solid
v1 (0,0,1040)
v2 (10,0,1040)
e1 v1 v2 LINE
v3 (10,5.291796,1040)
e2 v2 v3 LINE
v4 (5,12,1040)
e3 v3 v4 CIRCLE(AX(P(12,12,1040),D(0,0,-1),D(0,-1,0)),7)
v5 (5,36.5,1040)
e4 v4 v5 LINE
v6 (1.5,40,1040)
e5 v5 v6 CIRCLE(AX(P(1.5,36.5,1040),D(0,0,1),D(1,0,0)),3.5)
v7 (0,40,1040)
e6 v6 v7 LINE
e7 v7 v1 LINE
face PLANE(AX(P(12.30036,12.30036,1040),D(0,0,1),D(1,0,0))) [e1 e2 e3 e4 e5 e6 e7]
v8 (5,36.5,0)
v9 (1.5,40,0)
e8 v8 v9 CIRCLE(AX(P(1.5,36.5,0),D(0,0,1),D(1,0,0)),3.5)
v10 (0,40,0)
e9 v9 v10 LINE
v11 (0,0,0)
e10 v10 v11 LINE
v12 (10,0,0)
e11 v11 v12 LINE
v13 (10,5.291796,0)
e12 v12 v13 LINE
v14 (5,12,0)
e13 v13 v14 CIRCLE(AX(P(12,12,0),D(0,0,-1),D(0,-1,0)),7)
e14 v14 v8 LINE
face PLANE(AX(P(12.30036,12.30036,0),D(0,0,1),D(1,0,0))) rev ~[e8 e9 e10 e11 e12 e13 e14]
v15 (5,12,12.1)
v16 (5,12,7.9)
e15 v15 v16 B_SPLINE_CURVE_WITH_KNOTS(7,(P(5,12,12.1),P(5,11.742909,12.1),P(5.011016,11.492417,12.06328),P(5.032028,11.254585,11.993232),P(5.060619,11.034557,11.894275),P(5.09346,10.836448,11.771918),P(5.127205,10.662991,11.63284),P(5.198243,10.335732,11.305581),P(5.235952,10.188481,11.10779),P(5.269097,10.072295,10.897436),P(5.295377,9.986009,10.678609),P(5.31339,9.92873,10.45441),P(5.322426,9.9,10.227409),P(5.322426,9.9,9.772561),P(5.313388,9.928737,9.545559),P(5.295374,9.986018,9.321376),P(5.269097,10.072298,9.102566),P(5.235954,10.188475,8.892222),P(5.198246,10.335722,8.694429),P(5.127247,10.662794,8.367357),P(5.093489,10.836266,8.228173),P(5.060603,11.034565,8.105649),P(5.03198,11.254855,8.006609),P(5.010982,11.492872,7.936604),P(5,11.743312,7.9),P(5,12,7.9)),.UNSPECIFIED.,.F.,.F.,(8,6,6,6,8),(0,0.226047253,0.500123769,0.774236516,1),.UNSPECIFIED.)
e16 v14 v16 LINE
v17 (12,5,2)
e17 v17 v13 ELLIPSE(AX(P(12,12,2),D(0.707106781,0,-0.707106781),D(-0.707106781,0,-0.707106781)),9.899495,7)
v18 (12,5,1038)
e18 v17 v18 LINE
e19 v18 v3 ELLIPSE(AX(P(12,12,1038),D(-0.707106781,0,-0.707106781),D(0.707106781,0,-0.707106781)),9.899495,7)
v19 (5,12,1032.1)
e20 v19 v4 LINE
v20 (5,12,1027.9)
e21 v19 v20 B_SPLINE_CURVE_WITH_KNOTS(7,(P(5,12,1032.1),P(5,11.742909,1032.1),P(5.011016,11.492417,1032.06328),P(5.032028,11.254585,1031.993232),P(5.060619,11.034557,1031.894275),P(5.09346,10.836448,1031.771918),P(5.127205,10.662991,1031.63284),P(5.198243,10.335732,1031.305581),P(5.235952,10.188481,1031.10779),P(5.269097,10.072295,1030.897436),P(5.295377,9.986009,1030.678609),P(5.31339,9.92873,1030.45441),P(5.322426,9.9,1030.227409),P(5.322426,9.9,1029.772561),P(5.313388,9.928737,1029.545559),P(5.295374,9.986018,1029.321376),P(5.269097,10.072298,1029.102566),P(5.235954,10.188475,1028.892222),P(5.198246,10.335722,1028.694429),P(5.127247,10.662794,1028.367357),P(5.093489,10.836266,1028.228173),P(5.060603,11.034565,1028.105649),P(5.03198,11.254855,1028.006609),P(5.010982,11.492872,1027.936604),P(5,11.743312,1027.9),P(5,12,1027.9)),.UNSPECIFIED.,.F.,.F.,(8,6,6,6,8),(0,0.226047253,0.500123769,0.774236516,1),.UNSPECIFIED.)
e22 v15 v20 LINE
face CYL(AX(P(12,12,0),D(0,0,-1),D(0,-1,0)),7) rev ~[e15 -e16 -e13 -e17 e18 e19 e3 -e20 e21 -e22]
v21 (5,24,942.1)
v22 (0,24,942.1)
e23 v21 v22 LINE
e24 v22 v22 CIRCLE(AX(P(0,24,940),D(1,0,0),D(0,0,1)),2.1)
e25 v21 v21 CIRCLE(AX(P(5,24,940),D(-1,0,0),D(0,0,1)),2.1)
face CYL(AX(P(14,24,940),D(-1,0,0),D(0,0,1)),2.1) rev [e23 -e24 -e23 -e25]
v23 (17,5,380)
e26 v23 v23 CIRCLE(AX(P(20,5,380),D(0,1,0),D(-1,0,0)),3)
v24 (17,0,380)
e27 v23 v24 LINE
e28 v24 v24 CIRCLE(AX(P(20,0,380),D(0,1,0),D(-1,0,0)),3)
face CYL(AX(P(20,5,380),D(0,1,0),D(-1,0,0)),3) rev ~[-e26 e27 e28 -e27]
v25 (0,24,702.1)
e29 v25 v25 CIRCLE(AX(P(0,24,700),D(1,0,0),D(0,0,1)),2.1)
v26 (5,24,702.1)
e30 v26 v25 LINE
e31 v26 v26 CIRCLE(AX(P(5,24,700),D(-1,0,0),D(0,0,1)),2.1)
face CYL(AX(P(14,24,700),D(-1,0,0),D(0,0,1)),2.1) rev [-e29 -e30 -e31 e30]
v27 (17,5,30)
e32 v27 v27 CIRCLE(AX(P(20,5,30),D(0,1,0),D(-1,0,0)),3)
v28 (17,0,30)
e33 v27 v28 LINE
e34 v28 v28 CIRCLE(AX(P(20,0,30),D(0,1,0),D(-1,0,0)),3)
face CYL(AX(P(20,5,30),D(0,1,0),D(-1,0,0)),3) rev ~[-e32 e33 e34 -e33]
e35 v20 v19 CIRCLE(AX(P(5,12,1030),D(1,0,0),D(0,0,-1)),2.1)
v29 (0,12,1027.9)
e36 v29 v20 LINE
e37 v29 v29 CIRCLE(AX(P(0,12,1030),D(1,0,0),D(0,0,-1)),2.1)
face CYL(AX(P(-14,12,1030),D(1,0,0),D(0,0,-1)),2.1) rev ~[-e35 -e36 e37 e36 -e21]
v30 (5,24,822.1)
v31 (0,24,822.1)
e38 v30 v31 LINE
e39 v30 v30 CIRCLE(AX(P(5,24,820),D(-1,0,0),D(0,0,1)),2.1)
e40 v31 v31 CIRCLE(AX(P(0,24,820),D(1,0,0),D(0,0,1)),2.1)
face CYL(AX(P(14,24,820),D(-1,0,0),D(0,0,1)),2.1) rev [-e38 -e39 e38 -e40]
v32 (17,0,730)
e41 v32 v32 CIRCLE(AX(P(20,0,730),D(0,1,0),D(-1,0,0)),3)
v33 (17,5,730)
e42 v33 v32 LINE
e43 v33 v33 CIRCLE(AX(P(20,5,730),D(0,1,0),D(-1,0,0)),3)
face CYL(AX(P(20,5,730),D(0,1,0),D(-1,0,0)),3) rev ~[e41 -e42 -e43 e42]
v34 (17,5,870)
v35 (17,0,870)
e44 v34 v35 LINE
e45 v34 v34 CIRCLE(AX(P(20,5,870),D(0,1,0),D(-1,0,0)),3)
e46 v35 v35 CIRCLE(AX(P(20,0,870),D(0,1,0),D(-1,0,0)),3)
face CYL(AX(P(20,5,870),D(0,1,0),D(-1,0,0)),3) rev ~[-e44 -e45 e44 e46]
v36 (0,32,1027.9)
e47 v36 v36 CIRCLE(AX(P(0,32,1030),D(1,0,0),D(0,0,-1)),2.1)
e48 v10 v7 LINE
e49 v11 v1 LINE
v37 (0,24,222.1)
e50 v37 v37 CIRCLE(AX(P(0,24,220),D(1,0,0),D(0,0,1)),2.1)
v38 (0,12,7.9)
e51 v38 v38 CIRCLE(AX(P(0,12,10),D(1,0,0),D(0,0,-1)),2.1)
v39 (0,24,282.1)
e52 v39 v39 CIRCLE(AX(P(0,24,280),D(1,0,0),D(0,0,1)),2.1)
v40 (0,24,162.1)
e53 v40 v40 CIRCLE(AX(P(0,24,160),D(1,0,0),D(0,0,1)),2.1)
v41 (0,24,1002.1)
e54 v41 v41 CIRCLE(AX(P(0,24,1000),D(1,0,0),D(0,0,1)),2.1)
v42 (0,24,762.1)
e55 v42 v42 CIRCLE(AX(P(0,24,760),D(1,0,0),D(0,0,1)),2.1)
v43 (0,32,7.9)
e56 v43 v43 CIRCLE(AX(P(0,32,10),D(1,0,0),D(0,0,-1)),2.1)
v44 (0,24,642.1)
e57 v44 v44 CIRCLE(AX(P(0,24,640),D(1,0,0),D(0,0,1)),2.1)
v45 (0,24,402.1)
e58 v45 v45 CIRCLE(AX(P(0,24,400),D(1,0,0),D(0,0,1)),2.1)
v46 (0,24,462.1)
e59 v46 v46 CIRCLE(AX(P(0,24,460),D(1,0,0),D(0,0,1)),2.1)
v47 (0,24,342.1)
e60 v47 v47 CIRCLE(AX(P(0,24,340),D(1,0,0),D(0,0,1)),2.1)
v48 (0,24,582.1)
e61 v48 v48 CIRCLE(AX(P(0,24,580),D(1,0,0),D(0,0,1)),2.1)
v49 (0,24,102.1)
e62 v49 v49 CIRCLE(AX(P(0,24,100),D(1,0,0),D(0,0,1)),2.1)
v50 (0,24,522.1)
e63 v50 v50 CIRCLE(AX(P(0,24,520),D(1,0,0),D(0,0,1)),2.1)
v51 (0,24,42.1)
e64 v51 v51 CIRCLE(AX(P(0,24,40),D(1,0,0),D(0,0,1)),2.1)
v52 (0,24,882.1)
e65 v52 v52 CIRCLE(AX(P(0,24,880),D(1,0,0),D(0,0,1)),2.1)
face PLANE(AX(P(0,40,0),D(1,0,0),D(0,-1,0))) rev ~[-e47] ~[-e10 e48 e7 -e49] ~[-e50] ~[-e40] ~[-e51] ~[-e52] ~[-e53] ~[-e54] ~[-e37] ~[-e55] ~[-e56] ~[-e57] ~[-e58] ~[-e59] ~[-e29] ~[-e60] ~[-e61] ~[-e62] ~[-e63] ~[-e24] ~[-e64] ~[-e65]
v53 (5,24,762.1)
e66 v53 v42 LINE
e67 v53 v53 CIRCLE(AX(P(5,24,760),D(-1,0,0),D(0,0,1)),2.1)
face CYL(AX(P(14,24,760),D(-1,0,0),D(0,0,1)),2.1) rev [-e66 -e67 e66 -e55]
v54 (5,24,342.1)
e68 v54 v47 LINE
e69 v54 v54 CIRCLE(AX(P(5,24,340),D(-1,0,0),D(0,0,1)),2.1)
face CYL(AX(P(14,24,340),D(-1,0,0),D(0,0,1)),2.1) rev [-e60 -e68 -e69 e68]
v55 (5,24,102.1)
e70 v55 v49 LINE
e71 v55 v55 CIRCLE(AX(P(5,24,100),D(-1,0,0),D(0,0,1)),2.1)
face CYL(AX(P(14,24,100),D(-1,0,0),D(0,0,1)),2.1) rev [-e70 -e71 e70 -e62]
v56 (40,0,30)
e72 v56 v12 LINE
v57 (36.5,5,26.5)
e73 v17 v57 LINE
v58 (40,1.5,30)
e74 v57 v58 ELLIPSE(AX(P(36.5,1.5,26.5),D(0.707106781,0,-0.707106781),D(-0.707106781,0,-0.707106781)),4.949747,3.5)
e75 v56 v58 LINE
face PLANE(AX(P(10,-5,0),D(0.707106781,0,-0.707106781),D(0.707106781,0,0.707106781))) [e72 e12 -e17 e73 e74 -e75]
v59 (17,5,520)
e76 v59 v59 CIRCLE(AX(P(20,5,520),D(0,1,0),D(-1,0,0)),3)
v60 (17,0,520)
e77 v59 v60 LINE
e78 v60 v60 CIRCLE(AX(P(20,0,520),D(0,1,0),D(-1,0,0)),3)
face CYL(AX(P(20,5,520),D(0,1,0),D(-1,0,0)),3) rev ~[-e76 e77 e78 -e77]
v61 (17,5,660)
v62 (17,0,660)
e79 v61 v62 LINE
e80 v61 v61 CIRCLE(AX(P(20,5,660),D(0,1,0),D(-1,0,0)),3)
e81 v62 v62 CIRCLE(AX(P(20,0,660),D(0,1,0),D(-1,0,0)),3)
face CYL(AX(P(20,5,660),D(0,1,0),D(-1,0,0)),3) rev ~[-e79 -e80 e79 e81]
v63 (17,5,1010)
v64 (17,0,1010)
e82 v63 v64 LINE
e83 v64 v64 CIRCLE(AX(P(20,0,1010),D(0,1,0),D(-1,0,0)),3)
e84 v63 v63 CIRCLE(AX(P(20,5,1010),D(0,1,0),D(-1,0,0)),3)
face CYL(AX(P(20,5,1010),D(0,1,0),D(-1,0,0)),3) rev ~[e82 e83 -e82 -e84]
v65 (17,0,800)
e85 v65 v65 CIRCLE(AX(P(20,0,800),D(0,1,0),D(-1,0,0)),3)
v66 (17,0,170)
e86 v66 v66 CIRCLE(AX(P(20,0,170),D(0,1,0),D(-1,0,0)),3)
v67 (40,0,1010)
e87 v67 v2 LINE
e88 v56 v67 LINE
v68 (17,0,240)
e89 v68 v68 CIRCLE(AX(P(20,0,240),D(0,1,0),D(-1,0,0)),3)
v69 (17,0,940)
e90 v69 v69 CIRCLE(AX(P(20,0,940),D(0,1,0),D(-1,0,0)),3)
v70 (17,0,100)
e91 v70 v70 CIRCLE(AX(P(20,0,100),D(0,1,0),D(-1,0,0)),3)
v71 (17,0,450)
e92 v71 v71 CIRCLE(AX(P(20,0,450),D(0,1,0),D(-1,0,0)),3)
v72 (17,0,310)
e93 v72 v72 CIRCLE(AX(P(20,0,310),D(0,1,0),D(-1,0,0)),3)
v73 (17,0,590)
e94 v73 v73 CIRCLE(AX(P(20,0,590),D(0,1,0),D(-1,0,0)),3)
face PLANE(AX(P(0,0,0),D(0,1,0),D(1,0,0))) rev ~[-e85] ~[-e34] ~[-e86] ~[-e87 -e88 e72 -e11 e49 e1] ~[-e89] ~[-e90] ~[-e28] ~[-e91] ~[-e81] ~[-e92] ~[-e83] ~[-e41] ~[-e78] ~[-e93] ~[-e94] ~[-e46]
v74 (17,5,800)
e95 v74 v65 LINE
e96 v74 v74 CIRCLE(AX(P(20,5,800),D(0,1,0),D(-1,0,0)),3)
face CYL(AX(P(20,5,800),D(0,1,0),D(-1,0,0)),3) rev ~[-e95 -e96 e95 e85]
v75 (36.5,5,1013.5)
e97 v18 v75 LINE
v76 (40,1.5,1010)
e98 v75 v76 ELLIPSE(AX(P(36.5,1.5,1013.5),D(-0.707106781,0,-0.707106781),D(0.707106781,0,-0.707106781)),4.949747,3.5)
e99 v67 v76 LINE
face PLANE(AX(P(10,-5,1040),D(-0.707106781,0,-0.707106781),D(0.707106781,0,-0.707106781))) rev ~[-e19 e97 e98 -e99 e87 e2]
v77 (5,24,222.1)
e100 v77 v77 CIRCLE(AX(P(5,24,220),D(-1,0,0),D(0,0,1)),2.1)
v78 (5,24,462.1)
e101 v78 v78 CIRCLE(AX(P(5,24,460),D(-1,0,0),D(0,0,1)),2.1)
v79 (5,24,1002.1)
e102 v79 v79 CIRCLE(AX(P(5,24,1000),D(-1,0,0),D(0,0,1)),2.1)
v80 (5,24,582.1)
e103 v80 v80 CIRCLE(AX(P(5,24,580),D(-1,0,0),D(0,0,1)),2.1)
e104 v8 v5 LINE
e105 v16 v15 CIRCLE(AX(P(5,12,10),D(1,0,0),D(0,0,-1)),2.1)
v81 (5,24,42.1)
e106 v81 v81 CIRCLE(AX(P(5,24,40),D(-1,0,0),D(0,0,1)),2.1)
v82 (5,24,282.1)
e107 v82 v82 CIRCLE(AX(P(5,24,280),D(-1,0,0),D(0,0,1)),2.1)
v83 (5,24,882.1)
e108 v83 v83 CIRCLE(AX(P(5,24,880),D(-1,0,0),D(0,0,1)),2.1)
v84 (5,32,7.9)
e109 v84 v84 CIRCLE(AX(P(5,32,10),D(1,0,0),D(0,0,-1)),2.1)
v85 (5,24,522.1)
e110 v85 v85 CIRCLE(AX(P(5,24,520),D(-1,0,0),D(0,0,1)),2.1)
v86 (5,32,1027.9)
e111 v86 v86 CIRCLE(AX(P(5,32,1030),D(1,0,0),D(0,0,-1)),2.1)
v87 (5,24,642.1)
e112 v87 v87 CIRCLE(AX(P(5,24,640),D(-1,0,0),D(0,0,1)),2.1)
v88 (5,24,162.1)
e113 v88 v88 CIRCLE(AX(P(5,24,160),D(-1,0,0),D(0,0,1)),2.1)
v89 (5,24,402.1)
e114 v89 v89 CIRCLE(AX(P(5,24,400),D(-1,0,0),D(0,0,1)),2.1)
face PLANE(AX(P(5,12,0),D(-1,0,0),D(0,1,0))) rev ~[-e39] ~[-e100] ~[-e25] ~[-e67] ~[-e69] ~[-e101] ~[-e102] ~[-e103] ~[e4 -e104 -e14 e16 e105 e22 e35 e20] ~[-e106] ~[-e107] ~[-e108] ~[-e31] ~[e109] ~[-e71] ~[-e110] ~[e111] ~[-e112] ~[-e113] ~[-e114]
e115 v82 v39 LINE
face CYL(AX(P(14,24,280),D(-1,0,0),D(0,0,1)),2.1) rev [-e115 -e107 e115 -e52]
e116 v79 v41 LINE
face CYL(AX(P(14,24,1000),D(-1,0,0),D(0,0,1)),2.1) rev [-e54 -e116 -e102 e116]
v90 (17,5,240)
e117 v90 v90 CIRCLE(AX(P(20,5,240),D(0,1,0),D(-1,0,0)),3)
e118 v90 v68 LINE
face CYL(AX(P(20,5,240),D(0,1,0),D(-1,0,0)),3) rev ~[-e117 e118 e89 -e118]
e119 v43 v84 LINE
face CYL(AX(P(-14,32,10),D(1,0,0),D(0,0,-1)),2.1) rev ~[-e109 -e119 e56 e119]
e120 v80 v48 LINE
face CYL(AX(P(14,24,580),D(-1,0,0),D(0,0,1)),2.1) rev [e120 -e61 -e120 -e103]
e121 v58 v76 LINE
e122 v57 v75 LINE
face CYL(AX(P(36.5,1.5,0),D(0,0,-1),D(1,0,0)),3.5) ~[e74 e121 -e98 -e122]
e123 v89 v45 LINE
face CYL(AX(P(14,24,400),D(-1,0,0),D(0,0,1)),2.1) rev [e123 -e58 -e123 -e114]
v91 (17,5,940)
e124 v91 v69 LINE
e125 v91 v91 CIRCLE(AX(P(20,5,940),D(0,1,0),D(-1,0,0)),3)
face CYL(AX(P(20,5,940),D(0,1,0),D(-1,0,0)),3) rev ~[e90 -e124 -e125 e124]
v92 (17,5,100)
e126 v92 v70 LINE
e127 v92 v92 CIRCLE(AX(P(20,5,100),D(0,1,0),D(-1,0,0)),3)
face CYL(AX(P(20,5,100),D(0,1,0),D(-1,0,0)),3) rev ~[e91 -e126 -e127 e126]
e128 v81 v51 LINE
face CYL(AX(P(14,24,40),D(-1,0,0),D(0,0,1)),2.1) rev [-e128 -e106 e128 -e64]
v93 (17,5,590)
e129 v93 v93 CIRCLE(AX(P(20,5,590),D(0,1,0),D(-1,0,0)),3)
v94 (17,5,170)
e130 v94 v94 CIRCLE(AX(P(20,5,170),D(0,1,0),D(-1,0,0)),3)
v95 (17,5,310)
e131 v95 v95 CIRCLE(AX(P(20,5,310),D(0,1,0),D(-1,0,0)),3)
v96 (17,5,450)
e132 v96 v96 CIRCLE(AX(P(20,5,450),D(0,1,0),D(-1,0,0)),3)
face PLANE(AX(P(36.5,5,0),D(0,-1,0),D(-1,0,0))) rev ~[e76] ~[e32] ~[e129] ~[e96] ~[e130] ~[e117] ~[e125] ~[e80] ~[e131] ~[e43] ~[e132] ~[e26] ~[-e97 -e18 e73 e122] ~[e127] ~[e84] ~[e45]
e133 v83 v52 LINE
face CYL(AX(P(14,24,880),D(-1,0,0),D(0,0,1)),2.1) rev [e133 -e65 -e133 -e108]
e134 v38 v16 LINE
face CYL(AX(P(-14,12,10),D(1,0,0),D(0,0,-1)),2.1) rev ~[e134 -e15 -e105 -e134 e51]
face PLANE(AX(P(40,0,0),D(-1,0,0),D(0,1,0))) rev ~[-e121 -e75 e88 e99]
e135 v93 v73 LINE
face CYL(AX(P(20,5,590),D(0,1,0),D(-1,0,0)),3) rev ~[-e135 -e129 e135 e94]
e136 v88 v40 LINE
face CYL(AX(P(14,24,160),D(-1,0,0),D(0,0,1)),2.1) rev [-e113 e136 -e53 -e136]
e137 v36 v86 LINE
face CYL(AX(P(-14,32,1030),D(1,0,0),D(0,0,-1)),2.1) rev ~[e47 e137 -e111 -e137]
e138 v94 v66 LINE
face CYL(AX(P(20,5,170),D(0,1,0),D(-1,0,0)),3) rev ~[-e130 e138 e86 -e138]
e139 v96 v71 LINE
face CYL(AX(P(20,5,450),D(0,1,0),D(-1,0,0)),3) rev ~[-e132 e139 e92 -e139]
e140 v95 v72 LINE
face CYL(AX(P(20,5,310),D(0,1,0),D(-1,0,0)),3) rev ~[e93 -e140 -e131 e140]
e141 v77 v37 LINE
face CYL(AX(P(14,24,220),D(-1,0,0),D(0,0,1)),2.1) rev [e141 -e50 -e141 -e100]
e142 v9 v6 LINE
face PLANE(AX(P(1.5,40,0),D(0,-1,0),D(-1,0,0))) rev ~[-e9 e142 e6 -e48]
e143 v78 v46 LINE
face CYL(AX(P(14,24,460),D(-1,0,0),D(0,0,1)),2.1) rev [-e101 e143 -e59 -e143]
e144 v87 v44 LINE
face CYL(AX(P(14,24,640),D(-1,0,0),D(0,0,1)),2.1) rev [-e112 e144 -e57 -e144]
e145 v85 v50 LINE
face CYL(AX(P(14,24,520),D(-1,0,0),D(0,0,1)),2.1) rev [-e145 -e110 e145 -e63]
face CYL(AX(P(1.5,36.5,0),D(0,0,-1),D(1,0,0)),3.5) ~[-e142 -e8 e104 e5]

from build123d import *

# Parameters (mm, degrees)
AUFSATZ_LINEAR_AUSTRAGEN1_DEPTH      = 1040
SCHNITT_LINEAR_AUSTRAGEN1_DEPTH      = 10
SCHNITT_LINEAR_AUSTRAGEN1_DEPTH_BACK = 10
SKIZZE3_R                            = 3
SCHNITT_LINEAR_AUSTRAGEN2_DEPTH      = 10
LINEARES_MUSTER1_COUNT               = 15
LINEARES_MUSTER1_PITCH               = 70
LINEARES_MUSTER2_COUNT               = 17
LINEARES_MUSTER2_PITCH               = 60
M5_GEWINDEBOHRUNG2_D                 = 4.2
M5_GEWINDEBOHRUNG2_DEPTH             = 14
M5_GEWINDEBOHRUNG2_TIP               = 1.2618073


with BuildPart() as part:
    # Skizze1 → Aufsatz-Linear austragen1 (new body)
    with BuildSketch(Plane.XY):
        with BuildLine():
            Line((0, 40), (0, 0))
            Line((0, 0), (40, 0))
            Line((40, 0), (40, 1.5))
            ThreePointArc((40, 1.5), (38.974873734, 3.974873734), (36.5, 5))
            Line((36.5, 5), (12, 5))
            ThreePointArc((12, 5), (7.050252532, 7.050252532), (5, 12))
            Line((5, 12), (5, 36.5))
            ThreePointArc((5, 36.5), (3.974873734, 38.974873734), (1.5, 40))
            Line((1.5, 40), (0, 40))
        make_face()
    extrude(amount=AUFSATZ_LINEAR_AUSTRAGEN1_DEPTH)

    # Skizze2 → Schnitt-Linear austragen1 (cut, two sides: drawn at the far end of the back side and taken through both)
    with BuildSketch(Plane(origin=(0, 5, 0), x_dir=(1, 0, 0), z_dir=(0, 1, 0)).offset(-SCHNITT_LINEAR_AUSTRAGEN1_DEPTH_BACK)):
        Polygon((10, -1040), (40, -1010), (40, -1040), align=None)
        Polygon((10, 0), (40, -30), (40, 0), align=None)
    extrude(amount=SCHNITT_LINEAR_AUSTRAGEN1_DEPTH + SCHNITT_LINEAR_AUSTRAGEN1_DEPTH_BACK, mode=Mode.SUBTRACT)

    # Skizze3 → Schnitt-Linear austragen2 (cut)
    with BuildSketch(Plane(origin=(0, 5, 0), x_dir=(1, 0, 0), z_dir=(0, 1, 0))):
        with Locations(Location((20, -30, 0), (0, 0, 180))):
            Circle(SKIZZE3_R)
    schnitt_linear_austragen2 = extrude(amount=-SCHNITT_LINEAR_AUSTRAGEN2_DEPTH, mode=Mode.SUBTRACT)

    # Lineares Muster1: Schnitt-Linear austragen2 ×15
    with Locations(*[(0, 0, i * LINEARES_MUSTER1_PITCH) for i in range(1, LINEARES_MUSTER1_COUNT)]):
        add(schnitt_linear_austragen2, mode=Mode.SUBTRACT)

    # Skizze5 → M5 Gewindebohrung1 (revolve, cut)
    with BuildSketch(Plane(origin=(0, 24, 1000), x_dir=(0, 0, 1), z_dir=(0, 1, 0))):
        Polygon((0, 0), (0, 15.2618073), (2.1, 14), (2.1, 0), align=None)
    m5_gewindebohrung1 = revolve(axis=Axis((-6.35, 24, 1000), (1, 0, 0)), mode=Mode.SUBTRACT)

    # Lineares Muster2: M5 Gewindebohrung1 ×17
    with Locations(*[(0, 0, -i * LINEARES_MUSTER2_PITCH) for i in range(1, LINEARES_MUSTER2_COUNT)]):
        add(m5_gewindebohrung1, mode=Mode.SUBTRACT)

    # M5 Gewindebohrung2
    with Locations(Plane.ZY):
        with Locations((10, 32), (1030, 12), (1030, 32), (10, 12)):
            Hole(M5_GEWINDEBOHRUNG2_D / 2, depth=M5_GEWINDEBOHRUNG2_DEPTH)
            with Locations((0, 0, -(M5_GEWINDEBOHRUNG2_DEPTH + M5_GEWINDEBOHRUNG2_TIP / 2))):  # 118° drill point
                Cone(0, M5_GEWINDEBOHRUNG2_D / 2, M5_GEWINDEBOHRUNG2_TIP, mode=Mode.SUBTRACT)


solid = part.part
